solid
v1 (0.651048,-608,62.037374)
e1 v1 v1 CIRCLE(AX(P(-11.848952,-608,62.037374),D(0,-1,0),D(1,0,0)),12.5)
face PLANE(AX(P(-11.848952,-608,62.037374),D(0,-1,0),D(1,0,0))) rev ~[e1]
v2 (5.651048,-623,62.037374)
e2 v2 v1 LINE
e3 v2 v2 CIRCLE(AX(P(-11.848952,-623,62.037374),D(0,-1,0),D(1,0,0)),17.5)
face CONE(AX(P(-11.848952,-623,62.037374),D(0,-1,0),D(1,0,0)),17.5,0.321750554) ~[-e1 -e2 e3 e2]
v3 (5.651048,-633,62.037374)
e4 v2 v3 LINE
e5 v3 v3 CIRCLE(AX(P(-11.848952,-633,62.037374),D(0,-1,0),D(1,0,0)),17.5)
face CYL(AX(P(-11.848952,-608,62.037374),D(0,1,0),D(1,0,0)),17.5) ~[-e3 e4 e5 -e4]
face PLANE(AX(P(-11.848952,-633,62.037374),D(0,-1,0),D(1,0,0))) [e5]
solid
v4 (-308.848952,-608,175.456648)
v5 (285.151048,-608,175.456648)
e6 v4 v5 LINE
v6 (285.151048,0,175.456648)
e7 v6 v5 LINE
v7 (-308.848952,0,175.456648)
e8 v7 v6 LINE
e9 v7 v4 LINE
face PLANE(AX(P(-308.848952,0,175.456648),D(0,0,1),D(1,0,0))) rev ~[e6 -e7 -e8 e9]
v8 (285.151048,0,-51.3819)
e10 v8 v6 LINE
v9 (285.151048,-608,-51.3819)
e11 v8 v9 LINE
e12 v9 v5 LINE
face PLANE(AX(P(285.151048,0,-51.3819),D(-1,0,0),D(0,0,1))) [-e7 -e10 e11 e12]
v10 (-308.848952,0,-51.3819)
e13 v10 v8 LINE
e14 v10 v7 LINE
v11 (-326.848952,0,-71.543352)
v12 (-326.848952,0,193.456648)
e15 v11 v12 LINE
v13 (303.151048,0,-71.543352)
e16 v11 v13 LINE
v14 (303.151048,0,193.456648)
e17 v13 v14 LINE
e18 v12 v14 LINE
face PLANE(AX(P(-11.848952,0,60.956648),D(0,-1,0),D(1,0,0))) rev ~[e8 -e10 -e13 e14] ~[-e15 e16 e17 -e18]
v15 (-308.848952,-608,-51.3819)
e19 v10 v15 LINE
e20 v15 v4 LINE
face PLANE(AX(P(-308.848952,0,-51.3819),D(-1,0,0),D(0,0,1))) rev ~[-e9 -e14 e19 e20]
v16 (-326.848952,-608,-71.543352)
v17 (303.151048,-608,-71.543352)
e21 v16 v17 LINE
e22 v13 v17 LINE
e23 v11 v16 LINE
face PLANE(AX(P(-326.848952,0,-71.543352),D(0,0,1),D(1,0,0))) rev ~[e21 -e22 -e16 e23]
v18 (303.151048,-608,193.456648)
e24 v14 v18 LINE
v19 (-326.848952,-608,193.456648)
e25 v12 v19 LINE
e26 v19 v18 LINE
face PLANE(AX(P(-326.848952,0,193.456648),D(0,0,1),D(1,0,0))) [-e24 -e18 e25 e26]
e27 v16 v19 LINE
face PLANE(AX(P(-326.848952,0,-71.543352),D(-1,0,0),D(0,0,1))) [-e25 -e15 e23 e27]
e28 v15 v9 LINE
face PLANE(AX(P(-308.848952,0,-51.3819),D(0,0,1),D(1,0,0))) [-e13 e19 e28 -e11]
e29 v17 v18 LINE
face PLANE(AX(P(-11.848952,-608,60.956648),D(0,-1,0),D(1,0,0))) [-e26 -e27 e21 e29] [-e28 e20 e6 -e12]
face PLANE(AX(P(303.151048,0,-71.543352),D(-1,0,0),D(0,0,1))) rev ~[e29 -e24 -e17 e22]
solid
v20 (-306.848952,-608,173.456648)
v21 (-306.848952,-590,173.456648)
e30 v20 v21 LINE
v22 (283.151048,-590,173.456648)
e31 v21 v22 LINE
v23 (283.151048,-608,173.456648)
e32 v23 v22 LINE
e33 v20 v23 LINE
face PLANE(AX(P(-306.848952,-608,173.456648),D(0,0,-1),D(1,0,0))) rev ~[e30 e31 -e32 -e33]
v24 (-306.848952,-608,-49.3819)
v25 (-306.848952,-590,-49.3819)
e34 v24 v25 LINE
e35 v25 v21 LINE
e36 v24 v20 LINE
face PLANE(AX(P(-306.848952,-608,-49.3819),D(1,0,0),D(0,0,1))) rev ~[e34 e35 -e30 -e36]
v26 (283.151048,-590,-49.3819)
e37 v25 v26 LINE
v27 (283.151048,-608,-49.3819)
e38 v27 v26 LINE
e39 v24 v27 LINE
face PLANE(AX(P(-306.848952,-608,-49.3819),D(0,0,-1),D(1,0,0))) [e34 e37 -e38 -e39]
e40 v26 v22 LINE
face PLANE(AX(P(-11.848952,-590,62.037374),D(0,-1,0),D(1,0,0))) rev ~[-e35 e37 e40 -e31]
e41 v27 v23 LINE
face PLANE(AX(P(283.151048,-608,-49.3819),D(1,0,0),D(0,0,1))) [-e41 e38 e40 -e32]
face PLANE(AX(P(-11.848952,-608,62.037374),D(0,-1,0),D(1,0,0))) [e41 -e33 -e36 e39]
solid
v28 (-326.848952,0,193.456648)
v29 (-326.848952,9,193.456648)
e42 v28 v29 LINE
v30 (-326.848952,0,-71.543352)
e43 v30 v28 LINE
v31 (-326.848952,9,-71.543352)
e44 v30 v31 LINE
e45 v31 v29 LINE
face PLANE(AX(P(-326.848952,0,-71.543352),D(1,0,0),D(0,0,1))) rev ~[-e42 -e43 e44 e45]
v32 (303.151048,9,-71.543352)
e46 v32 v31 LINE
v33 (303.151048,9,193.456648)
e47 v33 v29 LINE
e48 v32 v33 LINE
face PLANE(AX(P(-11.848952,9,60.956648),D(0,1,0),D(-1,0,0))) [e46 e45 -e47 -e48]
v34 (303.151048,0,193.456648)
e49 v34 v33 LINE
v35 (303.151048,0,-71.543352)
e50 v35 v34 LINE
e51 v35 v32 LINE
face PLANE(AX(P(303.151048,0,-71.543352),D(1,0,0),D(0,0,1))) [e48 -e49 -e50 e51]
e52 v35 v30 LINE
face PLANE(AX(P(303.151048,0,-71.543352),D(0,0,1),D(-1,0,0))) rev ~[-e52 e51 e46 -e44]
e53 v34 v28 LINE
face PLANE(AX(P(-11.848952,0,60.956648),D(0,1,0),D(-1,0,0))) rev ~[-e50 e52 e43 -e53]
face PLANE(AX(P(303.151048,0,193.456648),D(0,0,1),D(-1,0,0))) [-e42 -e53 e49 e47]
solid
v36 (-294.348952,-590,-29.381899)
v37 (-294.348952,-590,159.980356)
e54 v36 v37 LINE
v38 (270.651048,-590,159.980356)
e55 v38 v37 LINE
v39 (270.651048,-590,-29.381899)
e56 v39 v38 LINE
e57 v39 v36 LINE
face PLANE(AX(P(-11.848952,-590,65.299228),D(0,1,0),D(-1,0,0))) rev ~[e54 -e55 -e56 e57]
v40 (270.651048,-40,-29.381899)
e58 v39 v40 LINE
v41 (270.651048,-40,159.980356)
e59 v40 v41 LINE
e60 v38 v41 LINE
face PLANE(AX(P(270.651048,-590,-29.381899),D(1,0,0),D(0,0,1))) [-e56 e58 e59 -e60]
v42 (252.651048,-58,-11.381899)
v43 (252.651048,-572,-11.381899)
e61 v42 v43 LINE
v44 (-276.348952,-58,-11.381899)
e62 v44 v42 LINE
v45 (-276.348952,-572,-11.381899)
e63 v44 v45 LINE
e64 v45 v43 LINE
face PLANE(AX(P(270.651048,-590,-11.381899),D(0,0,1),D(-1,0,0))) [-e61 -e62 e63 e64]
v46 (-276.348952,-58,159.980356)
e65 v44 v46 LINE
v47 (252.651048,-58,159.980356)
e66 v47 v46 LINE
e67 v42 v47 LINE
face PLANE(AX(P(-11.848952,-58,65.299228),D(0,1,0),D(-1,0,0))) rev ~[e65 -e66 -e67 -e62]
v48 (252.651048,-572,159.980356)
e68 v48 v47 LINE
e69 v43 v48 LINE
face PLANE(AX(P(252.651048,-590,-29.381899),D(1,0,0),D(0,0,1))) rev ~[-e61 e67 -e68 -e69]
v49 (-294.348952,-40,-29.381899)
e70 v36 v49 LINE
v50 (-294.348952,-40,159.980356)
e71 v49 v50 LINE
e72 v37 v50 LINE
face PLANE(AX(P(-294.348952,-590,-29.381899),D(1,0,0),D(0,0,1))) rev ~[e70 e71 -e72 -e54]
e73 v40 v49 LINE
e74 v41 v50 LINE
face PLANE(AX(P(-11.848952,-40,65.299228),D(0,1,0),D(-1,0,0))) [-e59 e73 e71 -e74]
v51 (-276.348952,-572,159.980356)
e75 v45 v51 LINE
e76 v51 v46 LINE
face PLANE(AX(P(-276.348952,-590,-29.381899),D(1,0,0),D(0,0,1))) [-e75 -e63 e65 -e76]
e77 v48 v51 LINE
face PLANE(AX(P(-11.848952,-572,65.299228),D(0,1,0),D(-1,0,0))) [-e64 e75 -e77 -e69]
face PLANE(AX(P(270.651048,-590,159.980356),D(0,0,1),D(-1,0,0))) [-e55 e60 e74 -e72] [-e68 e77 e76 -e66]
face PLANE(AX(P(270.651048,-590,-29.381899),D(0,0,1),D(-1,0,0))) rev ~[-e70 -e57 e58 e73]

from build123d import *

# Parameters (mm, degrees)
F0_W      = 630
F0_H      = 265
F0_W_2    = 594
F0_H_2    = 226.838547
F1_DEPTH  = 608
F2_W      = 630
F2_H      = 265
F3_DEPTH  = 9
F4_W      = 590
F4_H      = 222.838547
F5_DEPTH  = 18
F6_W      = 565
F6_H      = 189.362255
F7_DEPTH  = 550
F8_T      = -18
F9_R      = 17.5
F10_DEPTH = 25
F11_SIZE2 = 5
F11_SIZE  = 15


with BuildPart() as f1:
    # F0 (on Front) → F1 (new body)
    with BuildSketch(Plane.XZ):
        with Locations((-11.848952, 60.956648)):
            Rectangle(F0_W, F0_H)
        with Locations((-11.848952, 62.037374)):
            Rectangle(F0_W_2, F0_H_2, mode=Mode.SUBTRACT)
    extrude(amount=F1_DEPTH)


with BuildPart() as f3:
    # F2 (on face) → F3 (new body)
    with BuildSketch(Plane(origin=(0, 0, 0), x_dir=(-1, 0, 0), z_dir=(0, 1, 0))):
        with Locations((11.848952, 60.956648)):
            Rectangle(F2_W, F2_H)
    extrude(amount=F3_DEPTH)


with BuildPart() as f5:
    # F4 (on face) → F5 (new body)
    with BuildSketch(Plane.XZ.offset(608)):
        with Locations((-11.848952, 62.037374)):
            Rectangle(F4_W, F4_H)
    extrude(amount=-F5_DEPTH)


with BuildPart() as f7:
    # F6 (on face) → F7 (new body)
    with BuildSketch(Plane(origin=(0, -590, 0), x_dir=(-1, 0, 0), z_dir=(0, 1, 0))):
        with Locations((11.848952, 65.299228)):
            Rectangle(F6_W, F6_H)
    extrude(amount=F7_DEPTH)

    # F8
    f8_openings = [f7.faces().sort_by_distance(p)[0] for p in [
        (-11.848952, -315, 159.980356),
    ]]
    offset(amount=F8_T, openings=f8_openings)


with BuildPart() as f10:
    # F9 (on face) → F10 (new body)
    with BuildSketch(Plane.XZ.offset(608)):
        with Locations((-11.848952, 62.037374)):
            Circle(F9_R)
    extrude(amount=F10_DEPTH)

    # F11
    f11_edges = [f10.edges().sort_by_distance(p)[0] for p in [
        (-29.348952, -608, 62.037374),
    ]]
    chamfer(f11_edges, length=F11_SIZE, length2=F11_SIZE2)


solid = Compound([f1.part, f3.part, f5.part, f7.part, f10.part])
